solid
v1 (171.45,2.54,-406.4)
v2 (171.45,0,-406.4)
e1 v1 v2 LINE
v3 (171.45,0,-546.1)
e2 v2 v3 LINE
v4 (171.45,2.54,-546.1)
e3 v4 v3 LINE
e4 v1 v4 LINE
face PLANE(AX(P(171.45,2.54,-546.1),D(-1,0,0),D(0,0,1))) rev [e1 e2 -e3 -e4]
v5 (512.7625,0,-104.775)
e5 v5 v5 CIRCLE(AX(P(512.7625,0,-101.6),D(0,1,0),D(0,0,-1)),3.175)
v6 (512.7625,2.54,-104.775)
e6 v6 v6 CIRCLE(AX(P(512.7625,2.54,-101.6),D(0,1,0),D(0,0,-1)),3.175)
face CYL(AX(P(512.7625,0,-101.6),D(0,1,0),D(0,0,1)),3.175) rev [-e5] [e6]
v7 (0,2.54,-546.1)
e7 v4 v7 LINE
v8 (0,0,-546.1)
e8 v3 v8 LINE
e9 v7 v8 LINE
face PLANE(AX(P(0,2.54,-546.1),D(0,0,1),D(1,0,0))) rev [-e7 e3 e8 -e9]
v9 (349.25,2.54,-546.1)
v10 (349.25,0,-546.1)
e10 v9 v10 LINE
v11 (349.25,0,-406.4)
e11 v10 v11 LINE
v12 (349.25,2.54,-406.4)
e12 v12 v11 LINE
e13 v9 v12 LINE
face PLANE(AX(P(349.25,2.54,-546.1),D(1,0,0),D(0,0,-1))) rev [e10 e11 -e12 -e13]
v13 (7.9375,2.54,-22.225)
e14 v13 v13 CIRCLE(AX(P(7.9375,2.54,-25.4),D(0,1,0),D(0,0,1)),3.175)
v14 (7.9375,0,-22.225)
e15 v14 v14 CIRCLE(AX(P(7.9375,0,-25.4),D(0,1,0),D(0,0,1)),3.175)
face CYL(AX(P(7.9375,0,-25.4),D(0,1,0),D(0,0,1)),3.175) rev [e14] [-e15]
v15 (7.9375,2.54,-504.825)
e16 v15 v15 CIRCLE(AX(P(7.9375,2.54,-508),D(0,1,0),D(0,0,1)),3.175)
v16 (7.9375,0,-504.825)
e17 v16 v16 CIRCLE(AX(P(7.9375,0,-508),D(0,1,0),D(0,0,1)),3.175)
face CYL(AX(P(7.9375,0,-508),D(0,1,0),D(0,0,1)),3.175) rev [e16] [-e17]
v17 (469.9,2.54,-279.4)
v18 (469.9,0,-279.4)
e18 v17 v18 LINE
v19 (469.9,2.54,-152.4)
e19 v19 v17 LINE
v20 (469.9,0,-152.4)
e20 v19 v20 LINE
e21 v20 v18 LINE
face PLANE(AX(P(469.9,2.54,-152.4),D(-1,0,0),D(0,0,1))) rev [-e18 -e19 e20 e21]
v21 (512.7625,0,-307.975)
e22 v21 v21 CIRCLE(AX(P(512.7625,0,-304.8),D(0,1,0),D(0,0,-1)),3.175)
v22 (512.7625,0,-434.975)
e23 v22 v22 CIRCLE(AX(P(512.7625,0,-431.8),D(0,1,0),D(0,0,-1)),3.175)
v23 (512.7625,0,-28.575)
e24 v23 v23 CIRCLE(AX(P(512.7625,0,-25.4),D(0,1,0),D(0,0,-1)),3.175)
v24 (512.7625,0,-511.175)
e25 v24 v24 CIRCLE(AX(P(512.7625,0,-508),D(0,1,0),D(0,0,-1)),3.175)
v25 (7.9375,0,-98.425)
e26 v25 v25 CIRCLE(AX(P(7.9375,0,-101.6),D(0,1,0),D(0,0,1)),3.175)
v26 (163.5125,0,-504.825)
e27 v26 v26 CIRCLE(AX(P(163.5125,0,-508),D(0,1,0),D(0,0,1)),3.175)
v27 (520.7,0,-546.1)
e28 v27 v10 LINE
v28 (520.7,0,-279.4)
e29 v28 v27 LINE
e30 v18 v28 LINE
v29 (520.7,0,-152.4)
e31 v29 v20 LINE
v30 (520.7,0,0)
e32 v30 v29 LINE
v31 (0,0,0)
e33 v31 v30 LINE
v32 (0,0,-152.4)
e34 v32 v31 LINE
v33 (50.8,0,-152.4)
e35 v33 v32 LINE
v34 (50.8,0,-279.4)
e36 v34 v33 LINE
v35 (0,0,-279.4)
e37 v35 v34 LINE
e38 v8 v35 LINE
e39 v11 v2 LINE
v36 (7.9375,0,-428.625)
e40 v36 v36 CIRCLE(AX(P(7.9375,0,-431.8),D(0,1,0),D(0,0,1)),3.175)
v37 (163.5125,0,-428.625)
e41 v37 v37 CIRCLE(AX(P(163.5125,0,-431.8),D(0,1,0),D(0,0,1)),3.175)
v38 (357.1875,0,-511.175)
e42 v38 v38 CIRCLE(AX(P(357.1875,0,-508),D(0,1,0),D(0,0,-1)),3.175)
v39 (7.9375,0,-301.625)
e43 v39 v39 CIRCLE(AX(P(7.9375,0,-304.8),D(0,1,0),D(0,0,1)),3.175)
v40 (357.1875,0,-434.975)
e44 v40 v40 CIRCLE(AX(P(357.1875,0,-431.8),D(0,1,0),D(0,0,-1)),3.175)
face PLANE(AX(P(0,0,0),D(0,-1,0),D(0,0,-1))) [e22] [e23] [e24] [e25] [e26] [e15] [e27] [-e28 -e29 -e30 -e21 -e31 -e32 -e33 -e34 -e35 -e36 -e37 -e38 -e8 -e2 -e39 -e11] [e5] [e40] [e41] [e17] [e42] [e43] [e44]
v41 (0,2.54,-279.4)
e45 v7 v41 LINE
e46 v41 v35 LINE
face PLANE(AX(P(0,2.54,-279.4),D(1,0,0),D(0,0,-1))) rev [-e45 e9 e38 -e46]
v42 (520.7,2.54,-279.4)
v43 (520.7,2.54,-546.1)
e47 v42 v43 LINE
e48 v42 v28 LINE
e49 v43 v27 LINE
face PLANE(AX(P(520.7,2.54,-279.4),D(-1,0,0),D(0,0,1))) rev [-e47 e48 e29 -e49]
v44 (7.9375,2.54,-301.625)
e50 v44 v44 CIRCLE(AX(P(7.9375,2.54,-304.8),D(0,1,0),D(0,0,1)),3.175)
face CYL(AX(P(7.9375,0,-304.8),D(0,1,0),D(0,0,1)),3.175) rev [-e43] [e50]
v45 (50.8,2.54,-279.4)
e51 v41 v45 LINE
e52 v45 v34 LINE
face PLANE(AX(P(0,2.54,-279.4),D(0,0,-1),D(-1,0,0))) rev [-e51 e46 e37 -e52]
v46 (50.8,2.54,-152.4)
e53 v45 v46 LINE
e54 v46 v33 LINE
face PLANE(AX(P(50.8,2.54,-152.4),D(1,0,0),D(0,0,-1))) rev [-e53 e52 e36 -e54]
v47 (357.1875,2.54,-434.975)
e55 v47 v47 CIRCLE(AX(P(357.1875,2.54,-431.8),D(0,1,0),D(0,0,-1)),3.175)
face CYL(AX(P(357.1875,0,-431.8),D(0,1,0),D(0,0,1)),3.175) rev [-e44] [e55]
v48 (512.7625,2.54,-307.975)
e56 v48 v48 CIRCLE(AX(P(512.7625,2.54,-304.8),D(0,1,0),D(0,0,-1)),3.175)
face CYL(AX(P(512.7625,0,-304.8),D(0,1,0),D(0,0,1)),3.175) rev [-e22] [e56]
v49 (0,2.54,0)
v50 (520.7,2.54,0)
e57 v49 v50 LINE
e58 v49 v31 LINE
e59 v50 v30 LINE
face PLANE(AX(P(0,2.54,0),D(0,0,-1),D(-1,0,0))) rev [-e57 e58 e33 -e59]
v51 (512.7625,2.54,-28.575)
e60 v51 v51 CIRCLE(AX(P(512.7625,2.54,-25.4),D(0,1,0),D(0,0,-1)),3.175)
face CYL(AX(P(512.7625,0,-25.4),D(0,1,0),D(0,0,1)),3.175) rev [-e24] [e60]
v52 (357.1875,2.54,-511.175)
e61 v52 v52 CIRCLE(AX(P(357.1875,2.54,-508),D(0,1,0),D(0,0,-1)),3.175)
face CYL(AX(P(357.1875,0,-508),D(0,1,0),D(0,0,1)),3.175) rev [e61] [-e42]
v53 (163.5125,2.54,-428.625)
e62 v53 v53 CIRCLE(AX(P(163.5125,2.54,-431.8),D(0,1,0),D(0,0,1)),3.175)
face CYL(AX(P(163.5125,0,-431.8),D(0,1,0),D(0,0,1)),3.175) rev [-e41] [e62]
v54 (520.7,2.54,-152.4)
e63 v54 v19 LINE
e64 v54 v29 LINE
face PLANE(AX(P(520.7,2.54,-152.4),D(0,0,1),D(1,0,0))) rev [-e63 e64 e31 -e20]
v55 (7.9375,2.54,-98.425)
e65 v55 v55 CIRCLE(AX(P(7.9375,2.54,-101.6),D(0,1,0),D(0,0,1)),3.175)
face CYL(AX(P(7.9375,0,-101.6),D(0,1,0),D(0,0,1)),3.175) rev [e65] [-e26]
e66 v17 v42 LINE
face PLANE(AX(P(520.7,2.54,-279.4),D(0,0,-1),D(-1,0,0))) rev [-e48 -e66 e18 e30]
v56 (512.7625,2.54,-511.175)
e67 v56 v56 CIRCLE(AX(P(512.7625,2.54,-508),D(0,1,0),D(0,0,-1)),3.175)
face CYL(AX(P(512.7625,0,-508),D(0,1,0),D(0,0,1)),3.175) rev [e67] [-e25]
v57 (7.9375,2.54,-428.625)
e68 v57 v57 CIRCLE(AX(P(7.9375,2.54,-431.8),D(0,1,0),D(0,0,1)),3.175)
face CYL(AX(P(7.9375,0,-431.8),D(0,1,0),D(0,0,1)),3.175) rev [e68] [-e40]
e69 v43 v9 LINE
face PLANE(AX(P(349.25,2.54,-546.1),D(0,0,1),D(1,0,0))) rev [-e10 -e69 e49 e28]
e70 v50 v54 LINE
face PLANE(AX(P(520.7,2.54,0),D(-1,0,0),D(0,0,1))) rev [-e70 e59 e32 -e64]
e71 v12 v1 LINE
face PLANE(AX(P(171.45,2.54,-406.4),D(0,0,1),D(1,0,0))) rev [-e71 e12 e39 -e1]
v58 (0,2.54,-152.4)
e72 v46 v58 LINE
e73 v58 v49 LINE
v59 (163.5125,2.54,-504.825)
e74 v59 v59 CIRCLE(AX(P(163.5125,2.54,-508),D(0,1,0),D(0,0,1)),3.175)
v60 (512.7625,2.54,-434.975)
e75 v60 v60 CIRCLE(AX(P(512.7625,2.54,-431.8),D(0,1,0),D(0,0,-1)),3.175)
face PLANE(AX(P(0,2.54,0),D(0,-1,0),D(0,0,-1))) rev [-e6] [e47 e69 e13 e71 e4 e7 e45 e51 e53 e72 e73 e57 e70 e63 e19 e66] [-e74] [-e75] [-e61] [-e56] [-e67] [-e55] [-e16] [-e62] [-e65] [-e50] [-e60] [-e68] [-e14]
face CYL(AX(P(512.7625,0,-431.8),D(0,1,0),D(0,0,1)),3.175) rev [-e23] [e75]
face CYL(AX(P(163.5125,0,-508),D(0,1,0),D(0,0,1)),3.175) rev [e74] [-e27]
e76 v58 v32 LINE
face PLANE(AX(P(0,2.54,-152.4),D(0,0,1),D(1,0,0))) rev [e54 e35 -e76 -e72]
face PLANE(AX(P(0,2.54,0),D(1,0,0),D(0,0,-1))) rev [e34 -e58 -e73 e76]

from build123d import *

# Parameters (mm, degrees)
BOSS_EXTRUDE1_DEPTH = 2.54
SKETCH2_R           = 3.175
CUT_EXTRUDE1_DEPTH  = 3.54


with BuildPart() as part:
    # Sketch1 → Boss-Extrude1 (new body)
    with BuildSketch(Plane(origin=(0, 0, 0), x_dir=(1, 0, 0), z_dir=(0, 1, 0))):
        Polygon((0, 279.4), (0, 546.1), (171.45, 546.1), (171.45, 406.4), (349.25, 406.4), (349.25, 546.1), (520.7, 546.1), (520.7, 279.4), (469.9, 279.4), (469.9, 152.4), (520.7, 152.4), (520.7, 0), (0, 0), (0, 152.4), (50.8, 152.4), (50.8, 279.4), align=None)
    extrude(amount=BOSS_EXTRUDE1_DEPTH)

    # Sketch2 → Cut-Extrude1 (cut, through all)
    with BuildSketch(Plane(origin=(0, 2.54, 0), x_dir=(1, 0, 0), z_dir=(0, 1, 0))):
        with Locations((7.9375, 508)):
            Circle(SKETCH2_R)
        with Locations((163.5125, 508)):
            Circle(SKETCH2_R)
        with Locations((7.9375, 431.8)):
            Circle(SKETCH2_R)
        with Locations((163.5125, 431.8)):
            Circle(SKETCH2_R)
        with Locations((7.9375, 304.8)):
            Circle(SKETCH2_R)
        with Locations((7.9375, 101.6)):
            Circle(SKETCH2_R)
        with Locations((7.9375, 25.4)):
            Circle(SKETCH2_R)
        with Locations((512.7625, 25.4)):
            Circle(SKETCH2_R)
        with Locations((512.7625, 101.6)):
            Circle(SKETCH2_R)
        with Locations((512.7625, 304.8)):
            Circle(SKETCH2_R)
        with Locations((357.1875, 431.8)):
            Circle(SKETCH2_R)
        with Locations((512.7625, 431.8)):
            Circle(SKETCH2_R)
        with Locations((357.1875, 508)):
            Circle(SKETCH2_R)
        with Locations((512.7625, 508)):
            Circle(SKETCH2_R)
    extrude(amount=-CUT_EXTRUDE1_DEPTH, mode=Mode.SUBTRACT)


solid = part.part
